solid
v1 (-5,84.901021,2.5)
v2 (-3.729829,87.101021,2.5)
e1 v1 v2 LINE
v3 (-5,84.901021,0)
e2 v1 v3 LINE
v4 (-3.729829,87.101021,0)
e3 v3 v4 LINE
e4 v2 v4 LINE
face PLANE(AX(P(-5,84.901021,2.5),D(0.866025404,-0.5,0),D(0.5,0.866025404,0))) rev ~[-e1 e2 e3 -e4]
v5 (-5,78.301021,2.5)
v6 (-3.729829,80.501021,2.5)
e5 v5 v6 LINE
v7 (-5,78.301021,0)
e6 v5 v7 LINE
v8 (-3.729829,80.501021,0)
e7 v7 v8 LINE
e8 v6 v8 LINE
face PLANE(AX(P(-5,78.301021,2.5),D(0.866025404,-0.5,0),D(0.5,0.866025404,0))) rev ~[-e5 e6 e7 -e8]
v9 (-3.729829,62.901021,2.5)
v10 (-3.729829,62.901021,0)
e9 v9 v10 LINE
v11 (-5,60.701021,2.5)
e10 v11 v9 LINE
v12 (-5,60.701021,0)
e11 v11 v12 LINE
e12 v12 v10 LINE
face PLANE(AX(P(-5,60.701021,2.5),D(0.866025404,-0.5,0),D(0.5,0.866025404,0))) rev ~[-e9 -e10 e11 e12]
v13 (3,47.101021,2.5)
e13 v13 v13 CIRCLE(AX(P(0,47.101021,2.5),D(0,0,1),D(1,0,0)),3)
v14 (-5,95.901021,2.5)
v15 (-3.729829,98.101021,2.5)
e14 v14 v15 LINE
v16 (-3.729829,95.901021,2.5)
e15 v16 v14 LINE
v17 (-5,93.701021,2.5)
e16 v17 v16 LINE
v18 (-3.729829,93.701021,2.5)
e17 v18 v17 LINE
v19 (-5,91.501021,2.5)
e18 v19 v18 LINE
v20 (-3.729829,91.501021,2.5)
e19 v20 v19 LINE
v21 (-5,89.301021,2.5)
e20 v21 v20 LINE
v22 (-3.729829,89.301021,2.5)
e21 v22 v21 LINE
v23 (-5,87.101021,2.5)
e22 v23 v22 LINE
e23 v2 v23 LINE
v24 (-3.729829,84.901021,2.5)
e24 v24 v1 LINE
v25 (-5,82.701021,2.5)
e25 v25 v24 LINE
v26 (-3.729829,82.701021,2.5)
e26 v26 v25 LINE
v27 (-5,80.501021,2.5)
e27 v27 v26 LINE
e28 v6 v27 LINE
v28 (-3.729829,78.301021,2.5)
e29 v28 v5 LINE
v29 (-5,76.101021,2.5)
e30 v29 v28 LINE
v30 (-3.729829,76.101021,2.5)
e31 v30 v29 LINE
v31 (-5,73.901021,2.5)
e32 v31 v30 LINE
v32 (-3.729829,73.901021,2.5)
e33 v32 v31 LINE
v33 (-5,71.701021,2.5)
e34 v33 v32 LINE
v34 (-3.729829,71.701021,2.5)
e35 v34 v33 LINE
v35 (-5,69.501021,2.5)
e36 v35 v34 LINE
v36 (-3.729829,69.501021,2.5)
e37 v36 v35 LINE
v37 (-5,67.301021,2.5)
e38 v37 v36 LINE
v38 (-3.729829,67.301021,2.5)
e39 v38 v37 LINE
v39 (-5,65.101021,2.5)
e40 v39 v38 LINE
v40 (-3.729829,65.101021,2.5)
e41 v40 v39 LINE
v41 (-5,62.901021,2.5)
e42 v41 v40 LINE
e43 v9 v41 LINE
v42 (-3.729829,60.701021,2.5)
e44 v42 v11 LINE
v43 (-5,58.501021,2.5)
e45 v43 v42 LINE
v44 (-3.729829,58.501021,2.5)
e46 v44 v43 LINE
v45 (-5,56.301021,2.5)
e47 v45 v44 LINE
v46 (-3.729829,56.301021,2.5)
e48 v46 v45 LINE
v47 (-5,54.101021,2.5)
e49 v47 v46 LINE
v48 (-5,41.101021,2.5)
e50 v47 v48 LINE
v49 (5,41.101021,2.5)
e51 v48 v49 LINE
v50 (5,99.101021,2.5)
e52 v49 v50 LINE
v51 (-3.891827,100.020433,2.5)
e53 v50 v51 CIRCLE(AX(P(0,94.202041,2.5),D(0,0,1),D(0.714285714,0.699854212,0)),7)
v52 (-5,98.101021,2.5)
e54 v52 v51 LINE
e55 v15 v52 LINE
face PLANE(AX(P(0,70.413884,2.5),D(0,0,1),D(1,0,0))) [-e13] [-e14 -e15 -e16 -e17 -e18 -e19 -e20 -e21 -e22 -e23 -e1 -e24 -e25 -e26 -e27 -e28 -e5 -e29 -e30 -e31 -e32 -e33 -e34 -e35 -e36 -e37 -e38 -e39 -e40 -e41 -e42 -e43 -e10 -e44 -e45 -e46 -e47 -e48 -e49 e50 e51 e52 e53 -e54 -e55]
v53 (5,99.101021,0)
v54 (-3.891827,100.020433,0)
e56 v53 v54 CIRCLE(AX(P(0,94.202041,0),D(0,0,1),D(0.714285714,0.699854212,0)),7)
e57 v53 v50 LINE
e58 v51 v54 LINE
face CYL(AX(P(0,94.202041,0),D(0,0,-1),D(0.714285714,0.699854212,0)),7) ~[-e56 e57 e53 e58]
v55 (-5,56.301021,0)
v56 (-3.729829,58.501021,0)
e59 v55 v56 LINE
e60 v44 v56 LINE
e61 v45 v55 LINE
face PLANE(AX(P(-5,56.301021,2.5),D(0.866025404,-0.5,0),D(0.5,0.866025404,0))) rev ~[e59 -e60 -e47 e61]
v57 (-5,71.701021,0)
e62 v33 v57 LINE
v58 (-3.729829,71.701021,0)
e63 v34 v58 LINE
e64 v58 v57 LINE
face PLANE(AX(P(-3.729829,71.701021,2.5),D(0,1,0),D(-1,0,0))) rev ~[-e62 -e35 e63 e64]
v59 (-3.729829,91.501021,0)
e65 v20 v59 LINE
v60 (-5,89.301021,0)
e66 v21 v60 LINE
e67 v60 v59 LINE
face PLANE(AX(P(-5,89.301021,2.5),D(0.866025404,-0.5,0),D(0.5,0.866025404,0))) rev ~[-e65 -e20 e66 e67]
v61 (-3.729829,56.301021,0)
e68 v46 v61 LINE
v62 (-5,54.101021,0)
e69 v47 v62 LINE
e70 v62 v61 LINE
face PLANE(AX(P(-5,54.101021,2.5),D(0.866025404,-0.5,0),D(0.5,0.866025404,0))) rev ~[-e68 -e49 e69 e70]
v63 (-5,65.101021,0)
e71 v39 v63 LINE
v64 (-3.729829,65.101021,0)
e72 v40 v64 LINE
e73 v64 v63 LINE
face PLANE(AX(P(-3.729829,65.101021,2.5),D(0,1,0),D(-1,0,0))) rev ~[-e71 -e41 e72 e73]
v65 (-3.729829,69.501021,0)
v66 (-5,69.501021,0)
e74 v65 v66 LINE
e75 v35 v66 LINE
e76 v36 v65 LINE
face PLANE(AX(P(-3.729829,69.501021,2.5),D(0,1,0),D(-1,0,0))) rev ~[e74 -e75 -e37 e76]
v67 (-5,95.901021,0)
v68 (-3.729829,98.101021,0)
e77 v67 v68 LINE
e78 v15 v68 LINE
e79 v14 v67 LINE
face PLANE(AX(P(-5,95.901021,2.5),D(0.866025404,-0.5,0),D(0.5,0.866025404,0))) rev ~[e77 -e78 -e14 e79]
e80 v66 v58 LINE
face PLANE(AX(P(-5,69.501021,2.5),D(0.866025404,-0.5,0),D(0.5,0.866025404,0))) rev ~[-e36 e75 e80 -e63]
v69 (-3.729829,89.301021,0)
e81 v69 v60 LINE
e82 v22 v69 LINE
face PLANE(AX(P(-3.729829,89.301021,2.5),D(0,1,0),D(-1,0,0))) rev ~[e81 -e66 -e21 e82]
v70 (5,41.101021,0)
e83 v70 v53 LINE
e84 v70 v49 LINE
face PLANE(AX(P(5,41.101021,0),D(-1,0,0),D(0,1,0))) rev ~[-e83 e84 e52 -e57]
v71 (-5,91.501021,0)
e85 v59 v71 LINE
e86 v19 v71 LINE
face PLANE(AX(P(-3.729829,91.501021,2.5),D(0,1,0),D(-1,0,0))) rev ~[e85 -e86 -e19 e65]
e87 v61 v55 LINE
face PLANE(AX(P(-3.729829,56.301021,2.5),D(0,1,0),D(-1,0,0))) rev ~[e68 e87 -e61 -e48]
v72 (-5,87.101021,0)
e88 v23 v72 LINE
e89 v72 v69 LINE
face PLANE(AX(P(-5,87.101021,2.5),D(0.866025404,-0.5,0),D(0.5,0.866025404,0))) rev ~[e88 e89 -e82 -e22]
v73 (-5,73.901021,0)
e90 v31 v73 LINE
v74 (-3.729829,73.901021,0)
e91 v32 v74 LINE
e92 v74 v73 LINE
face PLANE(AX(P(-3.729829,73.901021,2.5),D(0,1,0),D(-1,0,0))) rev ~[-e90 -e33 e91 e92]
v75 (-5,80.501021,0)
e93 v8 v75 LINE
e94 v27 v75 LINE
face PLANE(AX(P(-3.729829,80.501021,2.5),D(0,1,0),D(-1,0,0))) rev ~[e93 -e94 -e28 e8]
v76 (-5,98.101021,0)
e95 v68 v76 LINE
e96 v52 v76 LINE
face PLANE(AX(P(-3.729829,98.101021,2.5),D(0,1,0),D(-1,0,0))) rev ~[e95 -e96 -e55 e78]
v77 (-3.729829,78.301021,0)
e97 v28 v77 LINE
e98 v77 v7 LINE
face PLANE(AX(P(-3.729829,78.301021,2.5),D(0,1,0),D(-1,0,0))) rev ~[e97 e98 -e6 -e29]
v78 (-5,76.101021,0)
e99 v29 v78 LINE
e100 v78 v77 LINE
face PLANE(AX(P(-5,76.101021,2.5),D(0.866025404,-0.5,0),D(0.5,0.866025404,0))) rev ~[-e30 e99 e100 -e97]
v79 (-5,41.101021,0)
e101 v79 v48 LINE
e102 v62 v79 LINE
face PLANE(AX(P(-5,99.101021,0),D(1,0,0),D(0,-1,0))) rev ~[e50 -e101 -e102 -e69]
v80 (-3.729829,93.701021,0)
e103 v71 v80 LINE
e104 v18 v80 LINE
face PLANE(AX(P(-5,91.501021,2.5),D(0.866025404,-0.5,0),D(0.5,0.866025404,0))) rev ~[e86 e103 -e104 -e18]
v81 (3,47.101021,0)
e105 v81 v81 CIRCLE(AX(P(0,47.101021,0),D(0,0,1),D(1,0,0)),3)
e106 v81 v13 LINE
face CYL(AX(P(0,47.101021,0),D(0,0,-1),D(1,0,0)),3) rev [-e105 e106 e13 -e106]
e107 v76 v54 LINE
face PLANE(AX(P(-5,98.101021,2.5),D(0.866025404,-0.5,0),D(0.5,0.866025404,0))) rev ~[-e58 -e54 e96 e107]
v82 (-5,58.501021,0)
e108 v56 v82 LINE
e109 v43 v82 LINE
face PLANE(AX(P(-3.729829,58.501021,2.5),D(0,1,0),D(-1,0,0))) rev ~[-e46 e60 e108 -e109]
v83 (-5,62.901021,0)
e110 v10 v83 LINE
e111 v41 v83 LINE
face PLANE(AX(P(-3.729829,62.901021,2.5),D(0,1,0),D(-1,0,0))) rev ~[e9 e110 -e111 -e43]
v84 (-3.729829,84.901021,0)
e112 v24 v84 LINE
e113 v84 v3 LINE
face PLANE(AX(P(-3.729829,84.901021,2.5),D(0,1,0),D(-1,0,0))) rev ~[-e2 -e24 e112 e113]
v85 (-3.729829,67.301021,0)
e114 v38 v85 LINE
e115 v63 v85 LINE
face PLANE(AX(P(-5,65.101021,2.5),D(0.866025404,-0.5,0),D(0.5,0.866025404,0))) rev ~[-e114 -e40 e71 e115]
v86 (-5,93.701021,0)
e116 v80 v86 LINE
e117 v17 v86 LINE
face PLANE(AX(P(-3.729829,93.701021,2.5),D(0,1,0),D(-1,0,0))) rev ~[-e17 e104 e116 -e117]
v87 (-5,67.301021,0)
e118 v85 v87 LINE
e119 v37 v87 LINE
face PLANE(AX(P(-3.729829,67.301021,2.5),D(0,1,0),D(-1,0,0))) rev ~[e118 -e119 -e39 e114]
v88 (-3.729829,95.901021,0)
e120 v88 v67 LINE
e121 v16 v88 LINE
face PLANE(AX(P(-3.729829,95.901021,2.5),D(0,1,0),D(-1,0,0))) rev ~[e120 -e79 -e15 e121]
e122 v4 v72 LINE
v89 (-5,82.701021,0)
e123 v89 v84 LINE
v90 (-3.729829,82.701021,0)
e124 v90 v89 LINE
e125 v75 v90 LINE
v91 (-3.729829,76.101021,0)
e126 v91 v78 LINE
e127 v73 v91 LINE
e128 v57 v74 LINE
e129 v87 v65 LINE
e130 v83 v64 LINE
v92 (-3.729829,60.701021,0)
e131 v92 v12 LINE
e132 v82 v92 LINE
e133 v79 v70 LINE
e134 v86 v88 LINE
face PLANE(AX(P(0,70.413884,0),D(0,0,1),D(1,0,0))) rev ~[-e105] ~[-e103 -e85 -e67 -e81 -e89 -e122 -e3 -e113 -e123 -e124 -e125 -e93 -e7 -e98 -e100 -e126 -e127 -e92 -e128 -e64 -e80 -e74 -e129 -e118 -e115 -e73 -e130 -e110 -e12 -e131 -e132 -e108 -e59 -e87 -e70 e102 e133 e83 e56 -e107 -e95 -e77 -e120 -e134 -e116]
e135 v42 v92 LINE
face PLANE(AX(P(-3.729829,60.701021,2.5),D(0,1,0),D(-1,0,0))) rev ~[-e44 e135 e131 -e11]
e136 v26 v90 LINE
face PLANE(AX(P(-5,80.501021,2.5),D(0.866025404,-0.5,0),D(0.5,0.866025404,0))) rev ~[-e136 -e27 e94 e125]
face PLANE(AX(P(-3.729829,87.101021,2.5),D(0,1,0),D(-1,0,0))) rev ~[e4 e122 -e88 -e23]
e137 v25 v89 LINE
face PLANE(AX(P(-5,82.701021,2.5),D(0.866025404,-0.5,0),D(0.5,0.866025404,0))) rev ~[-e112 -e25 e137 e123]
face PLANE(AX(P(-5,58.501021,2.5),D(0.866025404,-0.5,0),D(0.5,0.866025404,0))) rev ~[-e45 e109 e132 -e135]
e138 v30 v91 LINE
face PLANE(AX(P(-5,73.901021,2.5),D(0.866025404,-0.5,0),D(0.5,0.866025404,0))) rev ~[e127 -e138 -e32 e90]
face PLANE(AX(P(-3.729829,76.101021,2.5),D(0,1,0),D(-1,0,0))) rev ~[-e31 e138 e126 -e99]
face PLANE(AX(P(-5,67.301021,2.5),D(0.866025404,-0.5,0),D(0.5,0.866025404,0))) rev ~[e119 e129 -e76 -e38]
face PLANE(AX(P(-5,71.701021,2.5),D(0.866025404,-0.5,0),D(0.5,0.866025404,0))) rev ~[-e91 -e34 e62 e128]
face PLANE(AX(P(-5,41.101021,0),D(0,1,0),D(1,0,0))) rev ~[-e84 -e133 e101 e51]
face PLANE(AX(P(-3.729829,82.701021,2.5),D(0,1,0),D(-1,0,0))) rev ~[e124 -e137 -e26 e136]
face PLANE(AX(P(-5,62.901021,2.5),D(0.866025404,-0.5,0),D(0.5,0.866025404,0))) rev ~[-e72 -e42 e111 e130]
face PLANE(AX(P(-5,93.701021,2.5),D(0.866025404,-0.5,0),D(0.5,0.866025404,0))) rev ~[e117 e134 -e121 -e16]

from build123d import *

# Parameters (mm, degrees)
ESQUISSE1_R                = 3
BASE_EXTRUSION_DEPTH       = 2.5
ENL_V_MAT_EXTRU_1_DEPTH    = 102.356317555
R_P_TITION_LIN_AIRE1_COUNT = 22
R_P_TITION_LIN_AIRE1_PITCH = 2.2


with BuildPart() as part:
    # Esquisse1 → Base-Extrusion (new body)
    with BuildSketch(Plane.XY):
        with BuildLine():
            Line((-5, 99.101020514), (-5, 41.101020514))
            Line((-5, 41.101020514), (5, 41.101020514))
            Line((5, 41.101020514), (5, 99.101020514))
            ThreePointArc((5, 99.101020514), (0, 101.202041029), (-5, 99.101020514))
        make_face()
        with Locations((0, 47.101020514)):
            Circle(ESQUISSE1_R, mode=Mode.SUBTRACT)
    extrude(amount=BASE_EXTRUSION_DEPTH)

    # Esquisse2 → Enlèv. mat.-Extru.1 (cut, through all)
    with BuildSketch(Plane.XY.offset(2.5)):
        Polygon((-5, 56.301020514), (-5, 54.101020514), (-3.729829408, 56.301020514), align=None)
    enl_v_mat_extru_1 = extrude(amount=-ENL_V_MAT_EXTRU_1_DEPTH, mode=Mode.SUBTRACT)

    # Répétition linéaire1: Enlèv. mat.-Extru.1 ×22
    with Locations(*[(0, i * R_P_TITION_LIN_AIRE1_PITCH, 0) for i in range(1, R_P_TITION_LIN_AIRE1_COUNT)]):
        add(enl_v_mat_extru_1, mode=Mode.SUBTRACT)


solid = part.part
